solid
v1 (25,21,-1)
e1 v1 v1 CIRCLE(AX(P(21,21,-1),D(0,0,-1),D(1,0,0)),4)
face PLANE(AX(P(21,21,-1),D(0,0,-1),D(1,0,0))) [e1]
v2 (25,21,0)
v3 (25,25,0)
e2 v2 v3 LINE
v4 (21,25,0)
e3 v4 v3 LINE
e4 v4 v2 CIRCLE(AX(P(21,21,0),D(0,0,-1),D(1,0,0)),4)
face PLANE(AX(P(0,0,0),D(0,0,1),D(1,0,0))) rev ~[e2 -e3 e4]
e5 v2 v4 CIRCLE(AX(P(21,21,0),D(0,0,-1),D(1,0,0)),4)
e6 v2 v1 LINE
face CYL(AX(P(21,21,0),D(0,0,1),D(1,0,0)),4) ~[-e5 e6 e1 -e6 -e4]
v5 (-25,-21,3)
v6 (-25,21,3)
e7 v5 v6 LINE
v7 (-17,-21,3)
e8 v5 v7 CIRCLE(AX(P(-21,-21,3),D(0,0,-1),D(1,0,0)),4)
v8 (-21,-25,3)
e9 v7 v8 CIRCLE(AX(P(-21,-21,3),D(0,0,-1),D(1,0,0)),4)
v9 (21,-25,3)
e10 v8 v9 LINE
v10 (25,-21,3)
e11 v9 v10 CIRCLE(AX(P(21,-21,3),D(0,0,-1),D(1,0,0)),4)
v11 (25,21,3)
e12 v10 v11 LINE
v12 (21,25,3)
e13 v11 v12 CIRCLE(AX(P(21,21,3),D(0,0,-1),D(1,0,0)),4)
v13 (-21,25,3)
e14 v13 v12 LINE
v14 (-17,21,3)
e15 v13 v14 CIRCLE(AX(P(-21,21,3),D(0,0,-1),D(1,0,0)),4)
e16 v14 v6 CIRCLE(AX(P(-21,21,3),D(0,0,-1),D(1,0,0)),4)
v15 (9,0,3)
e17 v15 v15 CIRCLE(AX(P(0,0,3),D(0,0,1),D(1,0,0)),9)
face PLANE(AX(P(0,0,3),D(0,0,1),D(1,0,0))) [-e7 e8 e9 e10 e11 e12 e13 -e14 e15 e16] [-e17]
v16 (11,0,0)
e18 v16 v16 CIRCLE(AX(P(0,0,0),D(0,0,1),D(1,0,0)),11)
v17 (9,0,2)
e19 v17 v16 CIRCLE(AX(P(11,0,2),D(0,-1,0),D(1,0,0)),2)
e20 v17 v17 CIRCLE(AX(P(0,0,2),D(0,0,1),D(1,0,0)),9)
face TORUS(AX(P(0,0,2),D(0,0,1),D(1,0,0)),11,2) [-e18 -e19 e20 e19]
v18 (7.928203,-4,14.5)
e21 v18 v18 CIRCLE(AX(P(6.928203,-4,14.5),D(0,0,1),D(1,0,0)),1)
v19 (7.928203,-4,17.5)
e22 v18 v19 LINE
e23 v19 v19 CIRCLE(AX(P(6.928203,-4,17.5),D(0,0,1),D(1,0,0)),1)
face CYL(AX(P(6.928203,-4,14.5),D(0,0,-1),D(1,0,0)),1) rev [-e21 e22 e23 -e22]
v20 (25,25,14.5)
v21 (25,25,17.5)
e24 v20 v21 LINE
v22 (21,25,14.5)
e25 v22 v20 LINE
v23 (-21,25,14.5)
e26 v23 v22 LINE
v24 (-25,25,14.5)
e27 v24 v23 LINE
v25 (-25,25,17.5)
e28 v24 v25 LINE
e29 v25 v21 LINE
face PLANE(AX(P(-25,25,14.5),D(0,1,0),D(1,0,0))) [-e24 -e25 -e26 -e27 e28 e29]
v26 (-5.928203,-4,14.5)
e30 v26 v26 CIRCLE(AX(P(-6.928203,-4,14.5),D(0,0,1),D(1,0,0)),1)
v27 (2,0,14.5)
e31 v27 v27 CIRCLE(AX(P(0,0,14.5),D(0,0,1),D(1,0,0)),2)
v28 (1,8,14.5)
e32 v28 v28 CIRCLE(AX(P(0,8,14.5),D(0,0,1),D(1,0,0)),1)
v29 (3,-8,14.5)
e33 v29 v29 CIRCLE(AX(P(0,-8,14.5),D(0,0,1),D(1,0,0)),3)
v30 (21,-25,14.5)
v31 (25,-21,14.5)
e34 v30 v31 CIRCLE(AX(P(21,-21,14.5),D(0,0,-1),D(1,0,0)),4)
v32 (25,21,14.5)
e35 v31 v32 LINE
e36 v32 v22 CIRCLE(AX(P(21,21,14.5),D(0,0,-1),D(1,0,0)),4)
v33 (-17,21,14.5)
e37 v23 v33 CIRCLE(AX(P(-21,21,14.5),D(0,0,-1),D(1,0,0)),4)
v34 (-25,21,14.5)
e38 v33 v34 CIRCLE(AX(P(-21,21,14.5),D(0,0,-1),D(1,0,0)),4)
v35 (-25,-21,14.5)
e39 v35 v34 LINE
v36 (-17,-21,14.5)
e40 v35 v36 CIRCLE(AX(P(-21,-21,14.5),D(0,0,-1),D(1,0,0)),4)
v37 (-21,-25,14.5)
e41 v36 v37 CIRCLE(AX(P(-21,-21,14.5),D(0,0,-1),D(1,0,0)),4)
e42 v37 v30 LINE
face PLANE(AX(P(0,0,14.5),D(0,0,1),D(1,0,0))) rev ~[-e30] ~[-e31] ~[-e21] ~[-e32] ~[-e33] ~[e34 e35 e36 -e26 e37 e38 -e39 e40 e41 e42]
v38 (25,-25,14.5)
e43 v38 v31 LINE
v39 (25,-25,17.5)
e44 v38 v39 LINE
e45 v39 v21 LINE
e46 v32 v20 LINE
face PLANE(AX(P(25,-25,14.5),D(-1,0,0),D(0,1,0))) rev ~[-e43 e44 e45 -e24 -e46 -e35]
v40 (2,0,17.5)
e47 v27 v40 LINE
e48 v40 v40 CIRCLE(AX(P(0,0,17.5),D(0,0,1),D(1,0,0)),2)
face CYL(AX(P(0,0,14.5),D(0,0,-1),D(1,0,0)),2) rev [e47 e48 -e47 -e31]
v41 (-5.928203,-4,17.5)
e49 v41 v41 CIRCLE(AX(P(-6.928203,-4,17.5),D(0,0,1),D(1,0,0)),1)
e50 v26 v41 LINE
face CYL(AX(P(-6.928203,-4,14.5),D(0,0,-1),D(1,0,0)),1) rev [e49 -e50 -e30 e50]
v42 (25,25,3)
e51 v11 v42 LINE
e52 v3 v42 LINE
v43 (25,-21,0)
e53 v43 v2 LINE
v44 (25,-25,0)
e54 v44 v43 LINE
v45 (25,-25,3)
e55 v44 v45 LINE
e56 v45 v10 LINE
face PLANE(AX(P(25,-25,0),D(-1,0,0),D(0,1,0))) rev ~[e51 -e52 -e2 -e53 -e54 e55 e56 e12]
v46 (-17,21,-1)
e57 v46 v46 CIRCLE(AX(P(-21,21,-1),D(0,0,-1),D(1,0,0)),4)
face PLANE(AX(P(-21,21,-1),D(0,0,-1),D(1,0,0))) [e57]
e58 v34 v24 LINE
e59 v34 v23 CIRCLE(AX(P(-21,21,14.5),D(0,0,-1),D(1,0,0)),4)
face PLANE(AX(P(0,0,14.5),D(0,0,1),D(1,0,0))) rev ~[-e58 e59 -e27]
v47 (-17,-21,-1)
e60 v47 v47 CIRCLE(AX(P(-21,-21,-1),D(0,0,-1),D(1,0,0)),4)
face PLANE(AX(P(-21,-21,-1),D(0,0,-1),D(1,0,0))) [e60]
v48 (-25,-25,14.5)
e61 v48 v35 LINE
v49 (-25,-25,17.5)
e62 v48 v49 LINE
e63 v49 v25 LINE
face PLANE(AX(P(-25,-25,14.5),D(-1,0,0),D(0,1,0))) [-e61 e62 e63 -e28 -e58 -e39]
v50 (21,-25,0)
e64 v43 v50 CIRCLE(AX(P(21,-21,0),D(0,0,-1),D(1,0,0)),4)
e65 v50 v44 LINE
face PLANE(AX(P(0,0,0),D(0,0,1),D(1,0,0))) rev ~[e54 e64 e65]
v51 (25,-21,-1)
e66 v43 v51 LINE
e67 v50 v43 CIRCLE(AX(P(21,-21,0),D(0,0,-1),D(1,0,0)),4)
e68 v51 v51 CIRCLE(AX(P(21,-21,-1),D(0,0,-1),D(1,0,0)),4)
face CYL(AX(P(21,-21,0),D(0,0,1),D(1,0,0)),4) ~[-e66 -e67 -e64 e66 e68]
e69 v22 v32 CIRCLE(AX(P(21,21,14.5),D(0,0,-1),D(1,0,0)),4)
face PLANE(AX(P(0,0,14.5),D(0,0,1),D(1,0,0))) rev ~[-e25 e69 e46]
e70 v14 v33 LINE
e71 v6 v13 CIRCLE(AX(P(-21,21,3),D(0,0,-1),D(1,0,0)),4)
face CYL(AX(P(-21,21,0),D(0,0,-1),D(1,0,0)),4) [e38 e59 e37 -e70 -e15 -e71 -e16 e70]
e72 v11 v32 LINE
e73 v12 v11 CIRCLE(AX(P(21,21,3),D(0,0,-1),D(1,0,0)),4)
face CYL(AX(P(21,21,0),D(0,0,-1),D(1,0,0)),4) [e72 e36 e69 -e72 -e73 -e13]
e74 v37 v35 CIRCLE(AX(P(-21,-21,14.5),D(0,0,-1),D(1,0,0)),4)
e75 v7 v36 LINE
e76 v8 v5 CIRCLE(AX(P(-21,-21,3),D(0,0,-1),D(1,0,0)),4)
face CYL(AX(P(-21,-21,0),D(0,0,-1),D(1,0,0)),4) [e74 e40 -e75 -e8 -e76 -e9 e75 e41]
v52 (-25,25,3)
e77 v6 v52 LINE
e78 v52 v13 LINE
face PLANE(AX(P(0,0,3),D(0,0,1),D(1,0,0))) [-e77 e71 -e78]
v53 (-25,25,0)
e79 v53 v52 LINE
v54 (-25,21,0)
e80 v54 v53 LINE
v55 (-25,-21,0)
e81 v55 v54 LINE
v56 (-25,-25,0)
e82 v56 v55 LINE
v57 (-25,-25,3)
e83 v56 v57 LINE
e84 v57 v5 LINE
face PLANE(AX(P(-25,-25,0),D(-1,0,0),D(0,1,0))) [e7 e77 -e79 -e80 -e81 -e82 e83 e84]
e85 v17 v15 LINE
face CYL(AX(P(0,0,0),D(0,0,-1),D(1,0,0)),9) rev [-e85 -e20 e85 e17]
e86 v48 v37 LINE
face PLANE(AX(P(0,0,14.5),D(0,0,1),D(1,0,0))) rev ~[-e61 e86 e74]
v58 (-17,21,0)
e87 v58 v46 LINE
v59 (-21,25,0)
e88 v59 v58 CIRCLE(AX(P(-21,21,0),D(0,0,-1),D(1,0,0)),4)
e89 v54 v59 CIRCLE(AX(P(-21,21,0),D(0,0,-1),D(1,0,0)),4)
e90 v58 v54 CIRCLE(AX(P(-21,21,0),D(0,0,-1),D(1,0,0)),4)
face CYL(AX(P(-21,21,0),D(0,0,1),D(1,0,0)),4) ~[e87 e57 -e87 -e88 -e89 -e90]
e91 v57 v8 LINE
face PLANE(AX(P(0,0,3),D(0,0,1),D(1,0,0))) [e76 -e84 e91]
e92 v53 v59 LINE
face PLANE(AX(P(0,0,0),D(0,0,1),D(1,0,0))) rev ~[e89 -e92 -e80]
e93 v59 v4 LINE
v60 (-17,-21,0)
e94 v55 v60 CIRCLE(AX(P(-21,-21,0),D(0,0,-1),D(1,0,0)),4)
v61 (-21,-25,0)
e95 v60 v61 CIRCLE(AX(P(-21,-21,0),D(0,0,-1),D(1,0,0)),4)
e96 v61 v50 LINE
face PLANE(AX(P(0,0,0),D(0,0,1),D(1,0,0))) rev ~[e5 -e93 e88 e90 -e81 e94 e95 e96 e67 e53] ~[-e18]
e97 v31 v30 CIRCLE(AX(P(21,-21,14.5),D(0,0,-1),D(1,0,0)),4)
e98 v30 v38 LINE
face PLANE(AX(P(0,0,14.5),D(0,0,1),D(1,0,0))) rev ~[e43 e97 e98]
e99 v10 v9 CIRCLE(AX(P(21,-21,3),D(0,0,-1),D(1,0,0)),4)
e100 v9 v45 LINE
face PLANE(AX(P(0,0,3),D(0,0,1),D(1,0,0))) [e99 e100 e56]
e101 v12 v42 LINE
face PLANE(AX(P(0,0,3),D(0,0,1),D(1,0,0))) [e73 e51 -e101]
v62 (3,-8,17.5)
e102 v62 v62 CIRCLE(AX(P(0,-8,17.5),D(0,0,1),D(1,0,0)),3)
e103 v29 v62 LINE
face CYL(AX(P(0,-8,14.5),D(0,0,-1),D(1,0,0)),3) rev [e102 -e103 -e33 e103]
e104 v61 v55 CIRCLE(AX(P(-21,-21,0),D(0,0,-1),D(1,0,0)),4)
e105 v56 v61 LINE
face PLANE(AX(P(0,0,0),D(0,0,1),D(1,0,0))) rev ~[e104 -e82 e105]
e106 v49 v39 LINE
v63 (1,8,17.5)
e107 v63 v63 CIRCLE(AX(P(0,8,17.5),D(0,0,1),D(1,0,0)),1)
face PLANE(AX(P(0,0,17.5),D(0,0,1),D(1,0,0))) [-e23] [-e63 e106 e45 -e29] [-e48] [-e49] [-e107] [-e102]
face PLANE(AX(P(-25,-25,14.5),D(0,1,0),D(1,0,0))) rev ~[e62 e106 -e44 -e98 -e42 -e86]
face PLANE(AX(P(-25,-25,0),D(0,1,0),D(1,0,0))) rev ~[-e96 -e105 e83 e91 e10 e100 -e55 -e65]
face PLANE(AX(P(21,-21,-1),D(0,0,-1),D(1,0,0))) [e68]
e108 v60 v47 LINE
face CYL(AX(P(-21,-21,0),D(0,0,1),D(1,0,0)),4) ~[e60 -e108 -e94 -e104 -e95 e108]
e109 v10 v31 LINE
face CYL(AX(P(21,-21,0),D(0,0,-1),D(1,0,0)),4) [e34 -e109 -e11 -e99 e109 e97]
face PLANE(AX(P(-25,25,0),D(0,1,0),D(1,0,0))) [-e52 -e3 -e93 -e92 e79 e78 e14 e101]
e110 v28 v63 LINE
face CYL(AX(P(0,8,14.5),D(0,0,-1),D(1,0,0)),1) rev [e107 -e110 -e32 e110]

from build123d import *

# Parameters (mm, degrees)
SKETCH_W          = 50
SKETCH_H          = 50
SKETCH_R          = 9
PAD_DEPTH         = 3
SKETCH001_R       = 4
PAD001_DEPTH      = 1
PAD001_DEPTH_BACK = 14.5
SKETCH002_W       = 50
SKETCH002_H       = 50
SKETCH002_R       = 1
SKETCH002_R_2     = 3
SKETCH002_R_3     = 2
PAD002_DEPTH      = 3
FILLET_R          = 2


with BuildPart() as part:
    # Sketch → Pad (new body)
    with BuildSketch(Plane.XY):
        Rectangle(SKETCH_W, SKETCH_H)
        Circle(SKETCH_R, mode=Mode.SUBTRACT)
    extrude(amount=PAD_DEPTH)

    # Sketch001 (on Face6 of Pad) → Pad001 (join, two sides)
    with BuildSketch(Plane(origin=(0, 0, 0), x_dir=(1, 0, 0), z_dir=(0, 0, -1))) as pad001_sk:
        with Locations((-21, 21)):
            Circle(SKETCH001_R)
        with Locations((21, 21)):
            Circle(SKETCH001_R)
        with Locations((21, -21)):
            Circle(SKETCH001_R)
        with Locations((-21, -21)):
            Circle(SKETCH001_R)
    extrude(amount=PAD001_DEPTH)
    extrude(pad001_sk.sketch, amount=-PAD001_DEPTH_BACK)

    # Sketch002 (on Face25 of Pad001) → Pad002 (join)
    with BuildSketch(Plane.XY.offset(14.5)):
        Rectangle(SKETCH002_W, SKETCH002_H)
        with Locations((0, 8)):
            Circle(SKETCH002_R, mode=Mode.SUBTRACT)
        with Locations((6.928203, -4)):
            Circle(SKETCH002_R, mode=Mode.SUBTRACT)
        with Locations((-6.928203, -4)):
            Circle(SKETCH002_R, mode=Mode.SUBTRACT)
        with Locations((0, -8)):
            Circle(SKETCH002_R_2, mode=Mode.SUBTRACT)
        Circle(SKETCH002_R_3, mode=Mode.SUBTRACT)
    extrude(amount=PAD002_DEPTH)

    # Fillet
    fillet_edges = [part.edges().sort_by_distance(p)[0] for p in [
        (-9, 0, 0),
    ]]
    fillet(fillet_edges, radius=FILLET_R)


solid = part.part
